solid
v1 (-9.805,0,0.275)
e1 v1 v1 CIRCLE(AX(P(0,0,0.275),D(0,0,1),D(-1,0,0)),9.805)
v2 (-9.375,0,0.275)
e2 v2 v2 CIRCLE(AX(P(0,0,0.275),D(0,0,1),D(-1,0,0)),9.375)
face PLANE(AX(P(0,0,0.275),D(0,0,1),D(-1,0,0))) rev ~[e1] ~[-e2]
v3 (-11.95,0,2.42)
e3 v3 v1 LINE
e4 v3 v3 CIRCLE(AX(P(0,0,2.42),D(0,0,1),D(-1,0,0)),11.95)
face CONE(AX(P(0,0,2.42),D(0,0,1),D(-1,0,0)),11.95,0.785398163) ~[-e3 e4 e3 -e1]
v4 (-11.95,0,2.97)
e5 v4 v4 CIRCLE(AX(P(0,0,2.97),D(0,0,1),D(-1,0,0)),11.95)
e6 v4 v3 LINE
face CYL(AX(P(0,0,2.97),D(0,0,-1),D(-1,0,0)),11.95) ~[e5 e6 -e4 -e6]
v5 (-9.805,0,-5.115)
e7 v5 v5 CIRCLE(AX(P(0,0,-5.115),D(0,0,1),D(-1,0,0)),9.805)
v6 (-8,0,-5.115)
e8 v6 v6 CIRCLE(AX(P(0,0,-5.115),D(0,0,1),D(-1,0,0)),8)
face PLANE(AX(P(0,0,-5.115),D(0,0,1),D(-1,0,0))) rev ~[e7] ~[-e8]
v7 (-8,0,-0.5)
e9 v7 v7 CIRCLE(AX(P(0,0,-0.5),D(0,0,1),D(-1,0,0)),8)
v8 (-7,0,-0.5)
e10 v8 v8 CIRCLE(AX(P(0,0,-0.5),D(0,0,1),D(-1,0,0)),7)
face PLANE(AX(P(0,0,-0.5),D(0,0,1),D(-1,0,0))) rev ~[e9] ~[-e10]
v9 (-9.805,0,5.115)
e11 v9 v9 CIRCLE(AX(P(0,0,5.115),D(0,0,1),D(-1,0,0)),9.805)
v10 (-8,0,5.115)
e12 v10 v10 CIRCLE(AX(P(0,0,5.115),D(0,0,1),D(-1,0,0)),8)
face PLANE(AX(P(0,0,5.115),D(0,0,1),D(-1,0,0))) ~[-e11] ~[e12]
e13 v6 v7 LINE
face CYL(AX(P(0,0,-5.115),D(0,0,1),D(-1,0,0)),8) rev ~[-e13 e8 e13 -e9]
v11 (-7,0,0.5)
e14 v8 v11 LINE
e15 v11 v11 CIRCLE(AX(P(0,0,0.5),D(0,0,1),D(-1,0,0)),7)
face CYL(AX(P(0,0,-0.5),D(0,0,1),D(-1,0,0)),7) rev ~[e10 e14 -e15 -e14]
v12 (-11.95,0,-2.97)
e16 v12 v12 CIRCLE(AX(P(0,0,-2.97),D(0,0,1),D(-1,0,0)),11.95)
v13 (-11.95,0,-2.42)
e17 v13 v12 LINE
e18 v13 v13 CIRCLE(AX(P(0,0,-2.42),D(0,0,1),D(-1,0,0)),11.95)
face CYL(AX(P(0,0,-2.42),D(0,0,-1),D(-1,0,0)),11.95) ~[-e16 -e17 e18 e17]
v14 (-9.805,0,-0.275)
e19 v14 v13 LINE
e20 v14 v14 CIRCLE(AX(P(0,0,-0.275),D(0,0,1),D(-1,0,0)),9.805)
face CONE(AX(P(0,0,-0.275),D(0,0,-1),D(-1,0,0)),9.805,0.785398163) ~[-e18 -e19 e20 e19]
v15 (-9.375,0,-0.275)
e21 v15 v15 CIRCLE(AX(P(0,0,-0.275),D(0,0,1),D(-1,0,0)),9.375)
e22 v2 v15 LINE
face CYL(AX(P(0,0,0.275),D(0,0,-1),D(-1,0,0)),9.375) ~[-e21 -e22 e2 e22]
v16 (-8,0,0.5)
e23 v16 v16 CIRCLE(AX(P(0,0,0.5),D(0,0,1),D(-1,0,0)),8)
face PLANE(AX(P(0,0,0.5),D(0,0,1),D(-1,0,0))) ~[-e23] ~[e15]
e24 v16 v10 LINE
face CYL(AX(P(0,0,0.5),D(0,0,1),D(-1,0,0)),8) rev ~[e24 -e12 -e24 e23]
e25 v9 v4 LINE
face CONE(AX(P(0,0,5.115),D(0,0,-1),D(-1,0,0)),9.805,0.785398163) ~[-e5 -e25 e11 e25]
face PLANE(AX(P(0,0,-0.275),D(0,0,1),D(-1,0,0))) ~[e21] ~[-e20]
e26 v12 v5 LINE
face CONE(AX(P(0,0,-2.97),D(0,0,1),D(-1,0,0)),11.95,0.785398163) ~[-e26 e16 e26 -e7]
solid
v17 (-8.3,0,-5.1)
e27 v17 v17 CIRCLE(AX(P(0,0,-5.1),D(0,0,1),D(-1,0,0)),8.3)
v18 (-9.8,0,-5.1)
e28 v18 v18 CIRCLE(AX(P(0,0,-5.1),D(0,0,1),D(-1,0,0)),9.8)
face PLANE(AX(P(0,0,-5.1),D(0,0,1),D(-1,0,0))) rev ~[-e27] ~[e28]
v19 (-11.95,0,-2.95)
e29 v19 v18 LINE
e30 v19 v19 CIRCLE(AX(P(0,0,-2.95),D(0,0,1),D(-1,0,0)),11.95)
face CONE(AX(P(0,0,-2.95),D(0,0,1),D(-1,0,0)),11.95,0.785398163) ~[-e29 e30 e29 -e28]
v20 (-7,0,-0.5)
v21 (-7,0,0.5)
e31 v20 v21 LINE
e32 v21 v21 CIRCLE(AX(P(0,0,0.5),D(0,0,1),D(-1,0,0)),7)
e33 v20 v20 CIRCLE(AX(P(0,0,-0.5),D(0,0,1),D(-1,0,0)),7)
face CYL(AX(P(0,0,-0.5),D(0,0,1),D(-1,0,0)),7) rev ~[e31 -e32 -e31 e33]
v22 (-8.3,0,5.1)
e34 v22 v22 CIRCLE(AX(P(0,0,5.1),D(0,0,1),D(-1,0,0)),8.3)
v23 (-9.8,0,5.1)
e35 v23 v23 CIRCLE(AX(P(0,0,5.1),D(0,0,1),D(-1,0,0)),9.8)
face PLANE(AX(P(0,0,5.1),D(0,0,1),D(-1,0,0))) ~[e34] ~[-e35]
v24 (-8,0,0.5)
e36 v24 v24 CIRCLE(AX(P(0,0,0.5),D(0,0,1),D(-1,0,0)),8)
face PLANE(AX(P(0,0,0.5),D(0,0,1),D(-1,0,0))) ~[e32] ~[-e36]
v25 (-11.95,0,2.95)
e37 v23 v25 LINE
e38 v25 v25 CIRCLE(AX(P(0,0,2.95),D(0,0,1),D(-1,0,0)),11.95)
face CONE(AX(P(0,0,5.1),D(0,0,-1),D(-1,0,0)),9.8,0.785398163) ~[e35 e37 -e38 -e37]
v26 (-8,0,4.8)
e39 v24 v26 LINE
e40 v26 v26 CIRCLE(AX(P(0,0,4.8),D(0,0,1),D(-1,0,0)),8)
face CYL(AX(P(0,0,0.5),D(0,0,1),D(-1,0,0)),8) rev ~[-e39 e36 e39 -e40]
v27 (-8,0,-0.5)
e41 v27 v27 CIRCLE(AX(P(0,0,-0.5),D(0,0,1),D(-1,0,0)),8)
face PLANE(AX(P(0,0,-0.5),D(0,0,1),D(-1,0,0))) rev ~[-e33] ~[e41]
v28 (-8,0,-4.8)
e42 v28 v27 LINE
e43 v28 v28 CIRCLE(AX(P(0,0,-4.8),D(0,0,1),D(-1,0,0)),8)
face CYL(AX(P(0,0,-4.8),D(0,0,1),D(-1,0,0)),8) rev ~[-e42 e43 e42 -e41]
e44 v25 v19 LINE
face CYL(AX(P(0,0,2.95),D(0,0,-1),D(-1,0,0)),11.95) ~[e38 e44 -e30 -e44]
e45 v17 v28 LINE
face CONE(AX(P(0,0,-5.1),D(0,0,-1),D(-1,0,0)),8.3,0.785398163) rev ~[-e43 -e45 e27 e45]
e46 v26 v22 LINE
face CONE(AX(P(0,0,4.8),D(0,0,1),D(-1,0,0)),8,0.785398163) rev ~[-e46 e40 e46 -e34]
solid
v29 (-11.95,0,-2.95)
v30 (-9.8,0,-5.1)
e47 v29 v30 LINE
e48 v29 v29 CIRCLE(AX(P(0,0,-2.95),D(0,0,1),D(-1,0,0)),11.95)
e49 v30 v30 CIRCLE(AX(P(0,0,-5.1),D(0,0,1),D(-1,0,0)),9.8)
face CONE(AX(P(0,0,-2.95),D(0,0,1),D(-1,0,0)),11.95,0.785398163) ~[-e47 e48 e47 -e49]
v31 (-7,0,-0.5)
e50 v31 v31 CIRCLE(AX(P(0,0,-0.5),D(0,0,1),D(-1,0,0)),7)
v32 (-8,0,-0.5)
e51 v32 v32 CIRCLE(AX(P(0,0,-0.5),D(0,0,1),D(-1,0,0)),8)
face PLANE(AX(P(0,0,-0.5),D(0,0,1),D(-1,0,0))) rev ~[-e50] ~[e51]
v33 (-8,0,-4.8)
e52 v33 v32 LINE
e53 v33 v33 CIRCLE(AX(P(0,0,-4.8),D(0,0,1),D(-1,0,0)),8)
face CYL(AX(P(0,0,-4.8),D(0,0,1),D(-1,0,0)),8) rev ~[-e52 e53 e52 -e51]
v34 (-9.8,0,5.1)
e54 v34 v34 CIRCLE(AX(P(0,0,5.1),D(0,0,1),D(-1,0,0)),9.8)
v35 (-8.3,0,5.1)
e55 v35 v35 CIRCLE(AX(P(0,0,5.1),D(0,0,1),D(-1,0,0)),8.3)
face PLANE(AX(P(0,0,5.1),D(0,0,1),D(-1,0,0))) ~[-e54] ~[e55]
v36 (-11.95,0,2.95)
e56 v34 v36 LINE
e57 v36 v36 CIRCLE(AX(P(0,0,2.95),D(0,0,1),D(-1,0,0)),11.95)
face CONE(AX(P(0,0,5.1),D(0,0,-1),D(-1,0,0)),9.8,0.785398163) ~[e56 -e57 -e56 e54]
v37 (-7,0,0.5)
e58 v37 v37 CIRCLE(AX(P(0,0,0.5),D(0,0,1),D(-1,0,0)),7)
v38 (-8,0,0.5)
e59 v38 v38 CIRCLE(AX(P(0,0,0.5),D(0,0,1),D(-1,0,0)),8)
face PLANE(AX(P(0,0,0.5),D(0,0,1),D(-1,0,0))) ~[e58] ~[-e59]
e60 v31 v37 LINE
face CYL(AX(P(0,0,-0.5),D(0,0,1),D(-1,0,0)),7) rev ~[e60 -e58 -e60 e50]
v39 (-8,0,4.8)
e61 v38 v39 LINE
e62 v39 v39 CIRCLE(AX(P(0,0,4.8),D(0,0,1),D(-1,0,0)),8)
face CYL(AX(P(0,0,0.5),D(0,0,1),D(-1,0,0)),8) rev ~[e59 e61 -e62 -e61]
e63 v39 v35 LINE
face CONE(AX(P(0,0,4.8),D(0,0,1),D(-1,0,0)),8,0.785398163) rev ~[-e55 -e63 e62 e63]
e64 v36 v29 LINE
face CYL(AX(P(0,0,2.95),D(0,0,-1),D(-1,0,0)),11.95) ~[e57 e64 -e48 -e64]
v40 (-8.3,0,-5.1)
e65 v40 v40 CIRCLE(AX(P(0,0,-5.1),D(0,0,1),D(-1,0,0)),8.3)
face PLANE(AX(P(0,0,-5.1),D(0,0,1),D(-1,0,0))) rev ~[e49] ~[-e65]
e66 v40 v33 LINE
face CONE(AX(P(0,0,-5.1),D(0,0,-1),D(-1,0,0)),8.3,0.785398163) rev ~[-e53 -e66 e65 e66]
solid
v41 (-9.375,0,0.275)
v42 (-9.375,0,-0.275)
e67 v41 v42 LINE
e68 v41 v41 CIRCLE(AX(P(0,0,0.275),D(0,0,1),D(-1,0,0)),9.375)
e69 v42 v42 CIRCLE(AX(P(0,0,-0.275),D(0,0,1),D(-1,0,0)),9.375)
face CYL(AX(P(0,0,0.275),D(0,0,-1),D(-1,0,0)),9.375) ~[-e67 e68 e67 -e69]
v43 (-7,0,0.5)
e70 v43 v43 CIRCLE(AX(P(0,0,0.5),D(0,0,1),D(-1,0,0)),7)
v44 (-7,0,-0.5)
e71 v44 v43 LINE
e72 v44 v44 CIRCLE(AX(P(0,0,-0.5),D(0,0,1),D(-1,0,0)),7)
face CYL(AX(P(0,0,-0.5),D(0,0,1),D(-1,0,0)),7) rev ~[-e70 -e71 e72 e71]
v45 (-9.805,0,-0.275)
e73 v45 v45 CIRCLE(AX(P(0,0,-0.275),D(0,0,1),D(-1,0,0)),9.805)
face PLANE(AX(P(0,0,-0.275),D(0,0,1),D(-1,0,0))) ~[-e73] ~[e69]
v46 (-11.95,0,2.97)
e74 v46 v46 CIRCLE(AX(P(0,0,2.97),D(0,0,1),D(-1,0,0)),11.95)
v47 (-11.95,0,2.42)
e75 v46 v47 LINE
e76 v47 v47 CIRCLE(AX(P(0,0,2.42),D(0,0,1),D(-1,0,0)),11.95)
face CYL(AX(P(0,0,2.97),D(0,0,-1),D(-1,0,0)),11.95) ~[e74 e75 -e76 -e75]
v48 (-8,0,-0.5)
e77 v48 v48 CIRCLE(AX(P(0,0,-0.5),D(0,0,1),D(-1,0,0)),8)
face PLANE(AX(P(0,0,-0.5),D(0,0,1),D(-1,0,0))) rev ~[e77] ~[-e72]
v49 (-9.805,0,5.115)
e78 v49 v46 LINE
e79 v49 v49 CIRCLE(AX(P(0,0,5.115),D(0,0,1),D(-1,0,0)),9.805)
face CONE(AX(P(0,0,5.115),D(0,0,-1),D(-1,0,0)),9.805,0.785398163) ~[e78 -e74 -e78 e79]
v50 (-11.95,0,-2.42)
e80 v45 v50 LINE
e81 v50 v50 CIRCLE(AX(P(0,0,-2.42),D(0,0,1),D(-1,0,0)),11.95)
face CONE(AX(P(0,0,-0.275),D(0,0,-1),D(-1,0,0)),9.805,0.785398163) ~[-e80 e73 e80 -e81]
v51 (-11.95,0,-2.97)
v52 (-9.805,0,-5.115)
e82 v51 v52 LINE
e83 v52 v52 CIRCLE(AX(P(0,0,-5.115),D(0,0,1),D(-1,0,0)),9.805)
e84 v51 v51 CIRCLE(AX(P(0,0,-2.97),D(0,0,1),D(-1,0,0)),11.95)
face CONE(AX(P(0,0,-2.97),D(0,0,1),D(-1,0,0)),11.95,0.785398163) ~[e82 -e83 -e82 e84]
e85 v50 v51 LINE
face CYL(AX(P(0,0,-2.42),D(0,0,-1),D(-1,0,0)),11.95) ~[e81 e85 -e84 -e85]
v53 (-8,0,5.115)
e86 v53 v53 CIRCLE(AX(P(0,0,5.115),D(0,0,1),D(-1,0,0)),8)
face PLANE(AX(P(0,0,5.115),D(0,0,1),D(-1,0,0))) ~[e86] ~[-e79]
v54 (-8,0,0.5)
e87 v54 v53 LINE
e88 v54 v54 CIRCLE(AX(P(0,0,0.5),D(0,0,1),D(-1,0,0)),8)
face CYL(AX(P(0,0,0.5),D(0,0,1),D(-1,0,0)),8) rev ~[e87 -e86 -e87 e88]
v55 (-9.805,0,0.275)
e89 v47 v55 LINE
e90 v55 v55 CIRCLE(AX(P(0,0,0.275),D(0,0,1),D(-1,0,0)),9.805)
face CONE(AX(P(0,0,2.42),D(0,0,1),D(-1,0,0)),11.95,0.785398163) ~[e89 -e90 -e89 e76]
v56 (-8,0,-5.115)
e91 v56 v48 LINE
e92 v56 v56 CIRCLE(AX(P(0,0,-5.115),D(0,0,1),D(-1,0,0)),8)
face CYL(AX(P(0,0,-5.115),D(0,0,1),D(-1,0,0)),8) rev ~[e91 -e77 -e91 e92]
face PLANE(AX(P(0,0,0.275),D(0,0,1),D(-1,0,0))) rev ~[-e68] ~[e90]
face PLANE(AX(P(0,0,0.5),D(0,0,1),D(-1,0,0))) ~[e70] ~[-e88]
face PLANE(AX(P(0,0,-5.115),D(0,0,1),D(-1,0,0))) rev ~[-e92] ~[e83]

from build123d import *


with BuildPart() as f2:
    # F1 (on Front) → F2 (revolve)
    with BuildSketch(Plane.XZ):
        Polygon((-8, 4.8), (-8.3, 5.1), (-9.8, 5.1), (-11.95, 2.95), (-11.95, -2.95), (-9.8, -5.1), (-8.3, -5.1), (-8, -4.8), (-8, -0.5), (-7, -0.5), (-7, 0.5), (-8, 0.5), align=None)
    revolve(axis=Axis((0, 0, 0), (0, 0, 1)))


with BuildPart() as f3:
    # F0 (on Front) → F3 (revolve)
    with BuildSketch(Plane.XZ):
        Polygon((-8, 0.5), (-8, 5.115), (-9.805, 5.115), (-11.95, 2.97), (-11.95, 2.42), (-9.805, 0.275), (-9.375, 0.275), (-9.375, -0.275), (-9.805, -0.275), (-11.95, -2.42), (-11.95, -2.97), (-9.805, -5.115), (-8, -5.115), (-8, -0.5), (-7, -0.5), (-7, 0.5), align=None)
    revolve(axis=Axis((0, 0, 0), (0, 0, 1)))


with BuildPart() as f4:
    # F0 (on Front) → F4 (revolve)
    with BuildSketch(Plane.XZ):
        Polygon((-8, 0.5), (-8, 5.115), (-9.805, 5.115), (-11.95, 2.97), (-11.95, 2.42), (-9.805, 0.275), (-9.375, 0.275), (-9.375, -0.275), (-9.805, -0.275), (-11.95, -2.42), (-11.95, -2.97), (-9.805, -5.115), (-8, -5.115), (-8, -0.5), (-7, -0.5), (-7, 0.5), align=None)
    revolve(axis=Axis((0, 0, 0), (0, 0, 1)))


with BuildPart() as f5:
    # F1 (on Front) → F5 (revolve)
    with BuildSketch(Plane.XZ):
        Polygon((-8, 4.8), (-8.3, 5.1), (-9.8, 5.1), (-11.95, 2.95), (-11.95, -2.95), (-9.8, -5.1), (-8.3, -5.1), (-8, -4.8), (-8, -0.5), (-7, -0.5), (-7, 0.5), (-8, 0.5), align=None)
    revolve(axis=Axis((0, 0, 0), (0, 0, 1)))


solid = Compound([f2.part, f3.part, f4.part, f5.part])
